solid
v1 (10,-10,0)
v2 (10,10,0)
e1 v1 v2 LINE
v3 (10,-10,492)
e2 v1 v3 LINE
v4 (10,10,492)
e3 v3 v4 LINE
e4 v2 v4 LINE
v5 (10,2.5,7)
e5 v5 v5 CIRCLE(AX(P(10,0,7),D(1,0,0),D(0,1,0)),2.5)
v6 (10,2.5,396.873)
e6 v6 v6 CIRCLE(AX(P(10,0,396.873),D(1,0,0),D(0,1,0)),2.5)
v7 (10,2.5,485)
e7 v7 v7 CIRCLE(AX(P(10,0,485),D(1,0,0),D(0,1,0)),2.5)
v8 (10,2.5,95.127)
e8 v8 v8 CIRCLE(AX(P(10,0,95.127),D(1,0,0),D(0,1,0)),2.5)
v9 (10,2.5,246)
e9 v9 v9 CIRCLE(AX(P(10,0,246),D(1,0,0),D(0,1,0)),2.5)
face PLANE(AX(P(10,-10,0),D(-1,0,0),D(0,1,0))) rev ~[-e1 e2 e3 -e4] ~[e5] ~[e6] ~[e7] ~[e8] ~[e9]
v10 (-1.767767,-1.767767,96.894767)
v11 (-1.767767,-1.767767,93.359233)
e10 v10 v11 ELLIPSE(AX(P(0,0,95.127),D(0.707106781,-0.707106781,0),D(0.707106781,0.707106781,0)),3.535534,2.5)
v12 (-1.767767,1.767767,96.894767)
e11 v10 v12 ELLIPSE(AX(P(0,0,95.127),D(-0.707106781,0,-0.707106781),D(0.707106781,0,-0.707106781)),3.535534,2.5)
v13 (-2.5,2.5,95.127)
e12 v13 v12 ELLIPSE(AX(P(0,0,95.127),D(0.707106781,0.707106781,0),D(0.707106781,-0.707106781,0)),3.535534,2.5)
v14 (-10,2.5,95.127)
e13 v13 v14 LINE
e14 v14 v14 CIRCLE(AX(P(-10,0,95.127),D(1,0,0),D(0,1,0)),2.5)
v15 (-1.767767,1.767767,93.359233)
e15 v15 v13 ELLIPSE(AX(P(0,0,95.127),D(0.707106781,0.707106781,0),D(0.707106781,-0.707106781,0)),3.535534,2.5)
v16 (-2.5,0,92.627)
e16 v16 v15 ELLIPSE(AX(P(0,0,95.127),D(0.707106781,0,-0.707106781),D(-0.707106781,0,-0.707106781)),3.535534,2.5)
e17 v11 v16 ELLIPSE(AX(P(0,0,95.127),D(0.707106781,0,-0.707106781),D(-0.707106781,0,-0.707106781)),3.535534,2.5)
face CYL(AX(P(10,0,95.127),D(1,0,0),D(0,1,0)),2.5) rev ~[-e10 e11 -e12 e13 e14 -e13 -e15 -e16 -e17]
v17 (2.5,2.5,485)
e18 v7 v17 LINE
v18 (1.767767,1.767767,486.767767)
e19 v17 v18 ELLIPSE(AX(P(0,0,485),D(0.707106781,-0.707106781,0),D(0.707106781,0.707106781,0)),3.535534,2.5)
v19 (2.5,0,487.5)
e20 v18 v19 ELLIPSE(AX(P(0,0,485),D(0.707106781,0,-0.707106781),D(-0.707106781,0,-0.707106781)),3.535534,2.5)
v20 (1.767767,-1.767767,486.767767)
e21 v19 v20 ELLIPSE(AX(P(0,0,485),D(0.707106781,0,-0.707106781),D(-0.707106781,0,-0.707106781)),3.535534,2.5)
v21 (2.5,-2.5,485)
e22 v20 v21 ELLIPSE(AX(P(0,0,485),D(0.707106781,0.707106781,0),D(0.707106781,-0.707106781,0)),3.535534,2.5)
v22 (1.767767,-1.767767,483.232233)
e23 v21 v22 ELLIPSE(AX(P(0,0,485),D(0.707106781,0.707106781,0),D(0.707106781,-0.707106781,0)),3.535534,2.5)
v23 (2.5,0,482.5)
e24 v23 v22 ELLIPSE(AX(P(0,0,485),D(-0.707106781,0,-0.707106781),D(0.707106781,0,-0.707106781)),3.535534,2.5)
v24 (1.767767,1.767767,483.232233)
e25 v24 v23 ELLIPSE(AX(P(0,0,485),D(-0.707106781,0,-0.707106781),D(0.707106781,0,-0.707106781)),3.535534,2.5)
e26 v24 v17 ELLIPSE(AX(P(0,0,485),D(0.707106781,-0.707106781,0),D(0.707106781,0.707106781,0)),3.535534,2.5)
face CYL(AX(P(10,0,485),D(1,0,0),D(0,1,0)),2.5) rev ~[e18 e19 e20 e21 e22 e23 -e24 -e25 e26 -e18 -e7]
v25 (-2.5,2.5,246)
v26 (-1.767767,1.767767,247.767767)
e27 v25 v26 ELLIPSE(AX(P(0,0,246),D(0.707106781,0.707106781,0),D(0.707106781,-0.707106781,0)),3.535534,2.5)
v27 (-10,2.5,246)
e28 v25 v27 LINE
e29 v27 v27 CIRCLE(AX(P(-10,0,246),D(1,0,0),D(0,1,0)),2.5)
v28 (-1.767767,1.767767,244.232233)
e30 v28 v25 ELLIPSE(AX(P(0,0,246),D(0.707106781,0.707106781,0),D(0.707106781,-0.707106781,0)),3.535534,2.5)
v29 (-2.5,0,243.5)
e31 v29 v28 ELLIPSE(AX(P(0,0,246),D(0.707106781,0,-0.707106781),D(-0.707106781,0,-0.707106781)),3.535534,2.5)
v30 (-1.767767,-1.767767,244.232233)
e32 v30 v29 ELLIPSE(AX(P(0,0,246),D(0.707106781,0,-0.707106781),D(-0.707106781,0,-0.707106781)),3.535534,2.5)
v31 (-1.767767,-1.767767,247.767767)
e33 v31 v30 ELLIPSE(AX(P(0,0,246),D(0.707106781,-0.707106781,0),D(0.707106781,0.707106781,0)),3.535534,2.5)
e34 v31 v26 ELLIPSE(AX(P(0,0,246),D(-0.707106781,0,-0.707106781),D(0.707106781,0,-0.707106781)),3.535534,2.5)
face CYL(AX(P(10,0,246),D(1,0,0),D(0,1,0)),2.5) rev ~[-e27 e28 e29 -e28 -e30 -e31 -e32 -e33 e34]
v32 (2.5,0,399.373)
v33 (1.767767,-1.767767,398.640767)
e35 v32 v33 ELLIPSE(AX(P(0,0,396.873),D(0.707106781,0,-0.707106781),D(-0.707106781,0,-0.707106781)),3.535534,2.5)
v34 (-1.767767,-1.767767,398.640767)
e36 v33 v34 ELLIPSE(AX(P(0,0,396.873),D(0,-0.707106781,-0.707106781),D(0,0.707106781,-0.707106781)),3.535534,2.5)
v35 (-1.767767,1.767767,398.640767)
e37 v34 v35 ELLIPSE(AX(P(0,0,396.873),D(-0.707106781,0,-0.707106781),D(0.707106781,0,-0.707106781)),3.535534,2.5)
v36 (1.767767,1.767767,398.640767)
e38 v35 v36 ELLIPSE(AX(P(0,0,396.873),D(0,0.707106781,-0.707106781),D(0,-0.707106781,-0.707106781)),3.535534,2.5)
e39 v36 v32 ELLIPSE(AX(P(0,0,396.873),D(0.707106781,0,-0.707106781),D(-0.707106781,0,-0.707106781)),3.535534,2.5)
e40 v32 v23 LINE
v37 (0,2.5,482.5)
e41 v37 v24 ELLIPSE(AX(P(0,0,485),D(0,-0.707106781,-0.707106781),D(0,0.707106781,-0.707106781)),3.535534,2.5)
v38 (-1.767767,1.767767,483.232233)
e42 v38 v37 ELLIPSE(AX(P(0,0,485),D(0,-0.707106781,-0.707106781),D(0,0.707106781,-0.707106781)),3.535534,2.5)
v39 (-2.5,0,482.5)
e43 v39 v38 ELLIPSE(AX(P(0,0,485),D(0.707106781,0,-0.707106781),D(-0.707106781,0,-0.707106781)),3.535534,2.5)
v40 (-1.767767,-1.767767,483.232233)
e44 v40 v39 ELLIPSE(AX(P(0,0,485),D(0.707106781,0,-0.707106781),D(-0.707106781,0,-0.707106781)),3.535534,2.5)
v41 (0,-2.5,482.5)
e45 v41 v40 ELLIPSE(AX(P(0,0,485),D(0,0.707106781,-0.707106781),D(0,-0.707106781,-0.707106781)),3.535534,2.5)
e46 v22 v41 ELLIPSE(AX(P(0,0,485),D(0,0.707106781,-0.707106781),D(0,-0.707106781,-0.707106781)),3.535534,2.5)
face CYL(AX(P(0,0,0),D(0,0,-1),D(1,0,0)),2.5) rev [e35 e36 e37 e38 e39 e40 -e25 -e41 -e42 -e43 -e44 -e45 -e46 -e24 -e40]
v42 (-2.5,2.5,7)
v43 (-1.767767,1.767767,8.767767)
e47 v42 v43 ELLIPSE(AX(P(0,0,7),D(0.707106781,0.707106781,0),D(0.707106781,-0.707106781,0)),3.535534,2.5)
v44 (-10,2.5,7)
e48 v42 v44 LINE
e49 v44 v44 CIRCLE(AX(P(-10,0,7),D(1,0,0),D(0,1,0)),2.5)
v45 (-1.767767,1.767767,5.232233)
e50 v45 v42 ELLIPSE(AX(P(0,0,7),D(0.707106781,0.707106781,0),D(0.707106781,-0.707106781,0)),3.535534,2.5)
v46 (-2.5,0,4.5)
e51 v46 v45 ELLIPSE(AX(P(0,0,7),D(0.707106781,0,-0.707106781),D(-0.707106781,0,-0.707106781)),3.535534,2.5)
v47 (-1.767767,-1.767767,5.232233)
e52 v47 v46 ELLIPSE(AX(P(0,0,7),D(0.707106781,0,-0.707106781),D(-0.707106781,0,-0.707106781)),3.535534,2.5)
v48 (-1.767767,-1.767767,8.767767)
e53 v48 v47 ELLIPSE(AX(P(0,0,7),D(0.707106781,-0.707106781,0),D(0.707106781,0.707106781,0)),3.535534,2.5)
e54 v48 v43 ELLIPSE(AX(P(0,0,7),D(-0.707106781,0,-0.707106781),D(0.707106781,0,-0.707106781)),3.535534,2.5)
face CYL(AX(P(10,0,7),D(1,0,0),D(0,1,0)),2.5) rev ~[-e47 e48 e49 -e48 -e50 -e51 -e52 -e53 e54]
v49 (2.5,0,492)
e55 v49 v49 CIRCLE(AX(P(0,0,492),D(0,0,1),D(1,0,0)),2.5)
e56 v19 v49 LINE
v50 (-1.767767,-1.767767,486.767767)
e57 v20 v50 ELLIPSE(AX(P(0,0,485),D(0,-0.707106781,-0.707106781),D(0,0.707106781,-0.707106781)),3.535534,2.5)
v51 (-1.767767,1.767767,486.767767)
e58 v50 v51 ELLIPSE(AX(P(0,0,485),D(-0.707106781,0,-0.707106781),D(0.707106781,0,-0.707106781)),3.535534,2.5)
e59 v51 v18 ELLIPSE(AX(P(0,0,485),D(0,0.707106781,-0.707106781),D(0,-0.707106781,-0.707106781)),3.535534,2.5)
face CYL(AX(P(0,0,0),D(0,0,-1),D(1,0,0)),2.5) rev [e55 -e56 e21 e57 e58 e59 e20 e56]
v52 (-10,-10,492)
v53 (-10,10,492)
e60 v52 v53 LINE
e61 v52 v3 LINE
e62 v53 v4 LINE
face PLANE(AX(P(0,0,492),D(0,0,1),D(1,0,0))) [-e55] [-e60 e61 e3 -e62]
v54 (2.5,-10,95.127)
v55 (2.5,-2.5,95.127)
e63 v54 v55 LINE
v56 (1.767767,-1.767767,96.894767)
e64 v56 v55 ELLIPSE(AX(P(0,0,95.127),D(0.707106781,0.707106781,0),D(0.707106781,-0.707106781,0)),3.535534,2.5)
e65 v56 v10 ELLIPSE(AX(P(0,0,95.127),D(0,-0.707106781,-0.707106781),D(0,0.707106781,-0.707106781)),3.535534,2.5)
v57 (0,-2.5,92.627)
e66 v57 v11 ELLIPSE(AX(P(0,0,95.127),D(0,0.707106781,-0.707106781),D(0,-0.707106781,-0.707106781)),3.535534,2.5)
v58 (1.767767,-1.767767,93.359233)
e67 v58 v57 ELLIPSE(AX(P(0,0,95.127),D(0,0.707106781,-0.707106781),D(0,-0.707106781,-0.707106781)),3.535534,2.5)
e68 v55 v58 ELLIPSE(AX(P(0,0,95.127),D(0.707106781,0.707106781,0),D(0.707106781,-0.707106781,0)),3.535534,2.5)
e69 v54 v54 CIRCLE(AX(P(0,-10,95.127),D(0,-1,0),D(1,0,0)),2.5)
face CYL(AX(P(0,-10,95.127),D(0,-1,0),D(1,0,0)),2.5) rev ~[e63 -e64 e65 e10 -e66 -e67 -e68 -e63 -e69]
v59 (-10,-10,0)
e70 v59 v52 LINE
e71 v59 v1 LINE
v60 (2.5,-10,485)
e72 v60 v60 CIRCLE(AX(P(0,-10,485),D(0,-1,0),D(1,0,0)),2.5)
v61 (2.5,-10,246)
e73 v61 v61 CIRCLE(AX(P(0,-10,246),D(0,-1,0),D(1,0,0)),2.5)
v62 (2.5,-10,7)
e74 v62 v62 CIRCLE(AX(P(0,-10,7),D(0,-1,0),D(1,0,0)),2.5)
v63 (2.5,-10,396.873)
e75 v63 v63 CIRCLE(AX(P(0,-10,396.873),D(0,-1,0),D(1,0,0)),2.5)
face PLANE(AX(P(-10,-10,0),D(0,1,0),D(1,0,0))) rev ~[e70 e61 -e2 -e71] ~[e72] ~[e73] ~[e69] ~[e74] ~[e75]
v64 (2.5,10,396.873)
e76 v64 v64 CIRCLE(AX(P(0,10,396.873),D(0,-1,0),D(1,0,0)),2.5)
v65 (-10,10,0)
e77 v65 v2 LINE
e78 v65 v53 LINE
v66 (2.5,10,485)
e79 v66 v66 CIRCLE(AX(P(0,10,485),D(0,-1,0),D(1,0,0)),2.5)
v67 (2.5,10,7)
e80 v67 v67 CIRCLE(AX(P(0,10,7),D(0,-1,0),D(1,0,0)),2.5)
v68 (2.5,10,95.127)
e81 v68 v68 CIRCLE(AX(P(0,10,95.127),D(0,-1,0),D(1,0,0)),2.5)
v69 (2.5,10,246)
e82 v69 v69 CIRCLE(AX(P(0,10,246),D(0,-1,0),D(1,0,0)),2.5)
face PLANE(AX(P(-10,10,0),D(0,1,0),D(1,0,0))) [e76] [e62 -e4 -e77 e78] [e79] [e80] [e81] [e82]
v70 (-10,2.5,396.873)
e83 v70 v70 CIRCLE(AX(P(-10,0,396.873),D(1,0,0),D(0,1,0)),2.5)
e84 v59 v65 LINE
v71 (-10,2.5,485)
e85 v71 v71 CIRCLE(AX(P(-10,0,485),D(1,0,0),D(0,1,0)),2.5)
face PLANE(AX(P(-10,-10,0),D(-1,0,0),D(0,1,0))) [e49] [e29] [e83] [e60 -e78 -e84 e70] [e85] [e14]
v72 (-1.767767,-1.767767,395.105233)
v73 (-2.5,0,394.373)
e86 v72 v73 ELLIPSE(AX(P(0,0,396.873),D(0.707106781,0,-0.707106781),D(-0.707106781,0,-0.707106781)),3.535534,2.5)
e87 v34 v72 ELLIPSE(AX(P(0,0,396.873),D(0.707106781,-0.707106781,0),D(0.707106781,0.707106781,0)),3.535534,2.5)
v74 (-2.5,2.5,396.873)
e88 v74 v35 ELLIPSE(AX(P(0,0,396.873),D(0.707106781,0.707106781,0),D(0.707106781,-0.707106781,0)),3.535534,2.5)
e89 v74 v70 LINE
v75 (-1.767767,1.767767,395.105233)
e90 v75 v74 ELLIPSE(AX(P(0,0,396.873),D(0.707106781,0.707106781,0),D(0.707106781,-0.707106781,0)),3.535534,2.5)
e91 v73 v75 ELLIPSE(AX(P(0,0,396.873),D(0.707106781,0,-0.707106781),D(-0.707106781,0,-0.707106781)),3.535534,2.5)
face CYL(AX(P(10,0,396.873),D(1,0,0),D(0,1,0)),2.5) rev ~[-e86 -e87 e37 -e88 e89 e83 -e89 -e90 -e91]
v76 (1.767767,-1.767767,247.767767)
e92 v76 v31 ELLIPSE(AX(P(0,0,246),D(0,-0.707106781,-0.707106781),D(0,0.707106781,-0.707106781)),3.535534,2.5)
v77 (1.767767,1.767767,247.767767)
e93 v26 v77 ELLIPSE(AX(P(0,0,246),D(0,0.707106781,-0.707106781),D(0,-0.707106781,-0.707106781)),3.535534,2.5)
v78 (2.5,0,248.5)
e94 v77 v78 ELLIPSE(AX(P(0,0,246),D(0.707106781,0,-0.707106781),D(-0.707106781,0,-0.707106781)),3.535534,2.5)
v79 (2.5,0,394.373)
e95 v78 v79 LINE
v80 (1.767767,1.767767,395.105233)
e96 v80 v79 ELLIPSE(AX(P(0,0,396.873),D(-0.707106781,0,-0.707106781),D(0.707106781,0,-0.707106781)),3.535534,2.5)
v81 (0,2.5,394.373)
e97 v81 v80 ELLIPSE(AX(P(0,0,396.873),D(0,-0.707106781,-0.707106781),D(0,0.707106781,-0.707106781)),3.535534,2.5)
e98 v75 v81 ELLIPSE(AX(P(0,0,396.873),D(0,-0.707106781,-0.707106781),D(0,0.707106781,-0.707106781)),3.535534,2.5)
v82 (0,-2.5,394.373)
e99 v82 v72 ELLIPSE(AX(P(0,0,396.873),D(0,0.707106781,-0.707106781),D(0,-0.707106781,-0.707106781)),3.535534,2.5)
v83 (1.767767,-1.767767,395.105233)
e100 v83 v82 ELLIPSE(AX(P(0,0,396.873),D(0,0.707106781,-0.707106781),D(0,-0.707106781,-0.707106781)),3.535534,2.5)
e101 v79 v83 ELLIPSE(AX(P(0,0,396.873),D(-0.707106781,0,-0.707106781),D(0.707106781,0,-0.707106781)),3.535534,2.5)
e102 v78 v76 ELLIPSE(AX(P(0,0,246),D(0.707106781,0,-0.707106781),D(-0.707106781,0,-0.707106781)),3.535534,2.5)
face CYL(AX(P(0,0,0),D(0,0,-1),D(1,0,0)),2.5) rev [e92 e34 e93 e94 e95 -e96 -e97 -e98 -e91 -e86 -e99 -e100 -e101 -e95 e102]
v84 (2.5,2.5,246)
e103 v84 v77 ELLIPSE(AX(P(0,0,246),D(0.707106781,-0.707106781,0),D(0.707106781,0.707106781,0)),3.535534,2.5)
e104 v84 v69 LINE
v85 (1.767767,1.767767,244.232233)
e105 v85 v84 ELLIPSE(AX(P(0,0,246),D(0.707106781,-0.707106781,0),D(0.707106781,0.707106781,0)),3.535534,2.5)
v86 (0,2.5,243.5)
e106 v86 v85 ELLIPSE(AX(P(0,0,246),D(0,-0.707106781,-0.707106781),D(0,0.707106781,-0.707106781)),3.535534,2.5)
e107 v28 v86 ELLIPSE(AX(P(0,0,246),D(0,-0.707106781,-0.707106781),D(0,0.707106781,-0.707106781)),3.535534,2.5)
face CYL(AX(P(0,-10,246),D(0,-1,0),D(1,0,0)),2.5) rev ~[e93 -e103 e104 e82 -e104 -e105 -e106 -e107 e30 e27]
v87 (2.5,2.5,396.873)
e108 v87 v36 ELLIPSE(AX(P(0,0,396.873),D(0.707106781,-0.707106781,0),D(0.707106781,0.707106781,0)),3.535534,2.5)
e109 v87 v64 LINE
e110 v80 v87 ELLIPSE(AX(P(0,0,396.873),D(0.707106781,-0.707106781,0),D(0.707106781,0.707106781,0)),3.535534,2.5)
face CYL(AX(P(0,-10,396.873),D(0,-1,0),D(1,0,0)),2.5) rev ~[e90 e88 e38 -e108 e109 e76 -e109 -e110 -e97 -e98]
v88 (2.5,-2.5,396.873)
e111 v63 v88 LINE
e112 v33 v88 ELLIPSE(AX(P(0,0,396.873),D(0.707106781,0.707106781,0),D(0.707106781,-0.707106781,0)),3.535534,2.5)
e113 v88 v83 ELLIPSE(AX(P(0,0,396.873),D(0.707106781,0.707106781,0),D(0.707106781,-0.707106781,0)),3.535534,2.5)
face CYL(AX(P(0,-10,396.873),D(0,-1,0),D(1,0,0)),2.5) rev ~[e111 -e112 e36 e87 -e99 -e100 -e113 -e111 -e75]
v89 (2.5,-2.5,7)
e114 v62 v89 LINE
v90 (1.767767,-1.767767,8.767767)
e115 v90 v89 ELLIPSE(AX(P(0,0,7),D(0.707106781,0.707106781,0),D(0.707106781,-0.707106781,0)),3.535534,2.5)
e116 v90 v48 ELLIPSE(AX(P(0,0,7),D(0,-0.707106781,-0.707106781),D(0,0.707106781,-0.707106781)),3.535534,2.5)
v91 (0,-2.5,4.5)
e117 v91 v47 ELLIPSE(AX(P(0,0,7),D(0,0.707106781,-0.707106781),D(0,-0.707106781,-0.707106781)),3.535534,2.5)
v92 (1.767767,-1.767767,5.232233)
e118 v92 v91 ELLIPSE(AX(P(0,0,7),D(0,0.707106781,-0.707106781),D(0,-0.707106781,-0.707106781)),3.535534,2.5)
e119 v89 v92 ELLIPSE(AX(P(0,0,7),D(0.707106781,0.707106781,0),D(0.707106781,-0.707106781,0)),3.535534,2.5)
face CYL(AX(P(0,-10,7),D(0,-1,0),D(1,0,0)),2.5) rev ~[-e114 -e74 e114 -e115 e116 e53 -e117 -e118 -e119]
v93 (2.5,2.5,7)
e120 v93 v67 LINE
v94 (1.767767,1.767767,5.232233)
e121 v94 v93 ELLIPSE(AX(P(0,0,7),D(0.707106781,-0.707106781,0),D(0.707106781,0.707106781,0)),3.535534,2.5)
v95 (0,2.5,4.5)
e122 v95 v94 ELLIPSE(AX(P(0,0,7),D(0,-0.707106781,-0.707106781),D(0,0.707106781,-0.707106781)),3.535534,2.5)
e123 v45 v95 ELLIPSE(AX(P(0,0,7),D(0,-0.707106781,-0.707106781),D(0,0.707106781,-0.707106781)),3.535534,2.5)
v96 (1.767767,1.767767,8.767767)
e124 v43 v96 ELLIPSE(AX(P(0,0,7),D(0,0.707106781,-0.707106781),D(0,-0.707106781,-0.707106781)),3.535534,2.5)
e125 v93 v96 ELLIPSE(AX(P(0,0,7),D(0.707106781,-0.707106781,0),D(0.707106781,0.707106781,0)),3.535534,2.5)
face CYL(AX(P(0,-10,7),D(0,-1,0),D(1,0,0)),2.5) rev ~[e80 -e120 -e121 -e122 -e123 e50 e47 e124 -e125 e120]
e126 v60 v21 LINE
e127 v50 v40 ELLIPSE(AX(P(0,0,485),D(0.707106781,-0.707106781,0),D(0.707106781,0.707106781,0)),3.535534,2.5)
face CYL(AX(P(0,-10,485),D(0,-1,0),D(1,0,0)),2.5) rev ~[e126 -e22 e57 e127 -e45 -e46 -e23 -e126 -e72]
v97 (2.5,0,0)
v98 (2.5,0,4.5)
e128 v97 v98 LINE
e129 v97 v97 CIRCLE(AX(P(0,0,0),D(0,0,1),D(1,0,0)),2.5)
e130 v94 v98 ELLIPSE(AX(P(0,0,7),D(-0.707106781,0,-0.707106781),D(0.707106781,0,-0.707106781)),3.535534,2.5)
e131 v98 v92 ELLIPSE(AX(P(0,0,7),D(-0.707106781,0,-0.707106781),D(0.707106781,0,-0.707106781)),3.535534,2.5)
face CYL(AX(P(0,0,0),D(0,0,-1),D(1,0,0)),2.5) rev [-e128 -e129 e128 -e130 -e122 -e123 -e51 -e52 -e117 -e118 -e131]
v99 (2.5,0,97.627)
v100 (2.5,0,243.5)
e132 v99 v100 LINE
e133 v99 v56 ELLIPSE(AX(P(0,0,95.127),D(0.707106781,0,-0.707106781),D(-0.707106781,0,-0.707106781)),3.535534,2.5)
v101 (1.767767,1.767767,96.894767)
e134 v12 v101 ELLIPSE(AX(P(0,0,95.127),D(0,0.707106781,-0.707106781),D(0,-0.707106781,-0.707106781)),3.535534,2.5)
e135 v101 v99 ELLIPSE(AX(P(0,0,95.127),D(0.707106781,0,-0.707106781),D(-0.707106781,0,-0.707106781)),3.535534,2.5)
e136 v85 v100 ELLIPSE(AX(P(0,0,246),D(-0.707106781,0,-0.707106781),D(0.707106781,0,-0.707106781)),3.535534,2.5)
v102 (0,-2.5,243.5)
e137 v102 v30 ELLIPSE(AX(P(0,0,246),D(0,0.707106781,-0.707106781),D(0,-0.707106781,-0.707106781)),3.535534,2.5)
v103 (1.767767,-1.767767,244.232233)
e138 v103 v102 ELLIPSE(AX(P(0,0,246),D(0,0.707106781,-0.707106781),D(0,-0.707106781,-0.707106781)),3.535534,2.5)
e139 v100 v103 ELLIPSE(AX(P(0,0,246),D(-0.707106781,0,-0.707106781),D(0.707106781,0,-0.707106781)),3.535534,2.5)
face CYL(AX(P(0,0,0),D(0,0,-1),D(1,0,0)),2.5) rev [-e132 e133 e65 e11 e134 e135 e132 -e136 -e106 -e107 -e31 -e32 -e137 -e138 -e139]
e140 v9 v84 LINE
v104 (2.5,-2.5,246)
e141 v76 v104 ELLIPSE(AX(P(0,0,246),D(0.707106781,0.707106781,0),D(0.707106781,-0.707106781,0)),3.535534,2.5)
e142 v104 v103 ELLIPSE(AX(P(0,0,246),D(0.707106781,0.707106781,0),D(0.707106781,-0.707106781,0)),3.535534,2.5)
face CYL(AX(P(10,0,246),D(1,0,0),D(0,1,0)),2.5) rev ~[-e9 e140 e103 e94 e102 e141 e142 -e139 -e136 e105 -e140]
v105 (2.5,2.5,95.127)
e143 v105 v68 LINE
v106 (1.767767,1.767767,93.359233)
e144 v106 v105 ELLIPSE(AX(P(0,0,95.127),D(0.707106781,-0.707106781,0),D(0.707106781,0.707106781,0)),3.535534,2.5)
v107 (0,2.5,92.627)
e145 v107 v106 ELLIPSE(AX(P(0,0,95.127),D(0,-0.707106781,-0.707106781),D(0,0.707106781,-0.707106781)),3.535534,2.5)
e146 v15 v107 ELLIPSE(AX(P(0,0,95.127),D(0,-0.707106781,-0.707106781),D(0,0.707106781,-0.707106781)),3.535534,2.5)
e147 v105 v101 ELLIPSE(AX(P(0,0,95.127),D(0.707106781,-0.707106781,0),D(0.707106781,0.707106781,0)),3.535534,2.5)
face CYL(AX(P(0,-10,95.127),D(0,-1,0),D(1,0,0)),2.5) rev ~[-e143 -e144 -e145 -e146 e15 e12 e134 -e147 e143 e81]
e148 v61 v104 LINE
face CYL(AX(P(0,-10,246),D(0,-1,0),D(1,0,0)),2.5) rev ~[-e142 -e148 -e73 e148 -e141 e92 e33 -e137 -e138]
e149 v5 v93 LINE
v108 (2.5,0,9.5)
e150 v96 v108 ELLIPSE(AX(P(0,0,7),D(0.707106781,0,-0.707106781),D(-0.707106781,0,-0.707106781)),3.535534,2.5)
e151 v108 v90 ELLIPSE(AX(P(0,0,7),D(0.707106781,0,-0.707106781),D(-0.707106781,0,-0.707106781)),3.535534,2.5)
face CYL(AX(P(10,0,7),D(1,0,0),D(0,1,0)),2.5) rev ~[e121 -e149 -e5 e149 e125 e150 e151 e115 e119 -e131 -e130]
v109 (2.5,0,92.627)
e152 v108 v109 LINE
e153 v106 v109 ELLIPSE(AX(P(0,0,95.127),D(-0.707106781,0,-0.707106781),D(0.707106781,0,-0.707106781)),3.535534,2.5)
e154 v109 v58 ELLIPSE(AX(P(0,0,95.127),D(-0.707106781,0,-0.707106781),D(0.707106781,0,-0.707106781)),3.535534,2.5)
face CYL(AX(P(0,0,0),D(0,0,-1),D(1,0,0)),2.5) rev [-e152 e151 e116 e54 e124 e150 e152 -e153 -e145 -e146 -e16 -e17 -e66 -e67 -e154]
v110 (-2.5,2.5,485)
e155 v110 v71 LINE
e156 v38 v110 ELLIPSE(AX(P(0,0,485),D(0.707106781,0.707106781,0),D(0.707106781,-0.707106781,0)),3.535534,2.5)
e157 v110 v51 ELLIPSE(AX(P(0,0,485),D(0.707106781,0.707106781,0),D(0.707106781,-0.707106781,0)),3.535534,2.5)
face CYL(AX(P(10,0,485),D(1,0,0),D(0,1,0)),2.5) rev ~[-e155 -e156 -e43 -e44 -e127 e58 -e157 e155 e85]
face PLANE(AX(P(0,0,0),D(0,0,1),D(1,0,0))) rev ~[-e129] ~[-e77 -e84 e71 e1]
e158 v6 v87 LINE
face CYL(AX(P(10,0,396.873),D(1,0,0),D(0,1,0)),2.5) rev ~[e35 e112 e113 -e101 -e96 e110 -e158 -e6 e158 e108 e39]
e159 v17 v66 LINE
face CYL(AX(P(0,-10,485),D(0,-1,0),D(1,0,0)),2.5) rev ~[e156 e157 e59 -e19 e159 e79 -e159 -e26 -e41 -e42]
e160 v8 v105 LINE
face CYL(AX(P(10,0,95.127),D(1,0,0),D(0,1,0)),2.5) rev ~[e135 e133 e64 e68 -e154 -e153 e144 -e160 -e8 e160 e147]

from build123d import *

# Parameters (mm, degrees)
F0_W     = 20
F0_H     = 20
F0_R     = 2.5
F1_DEPTH = 492
F2_R     = 2.5
F3_DEPTH = 20.001
F4_R     = 2.5
F5_DEPTH = 20.001


with BuildPart() as f1:
    # F0 (on Top) → F1 (new body)
    with BuildSketch(Plane.XY):
        Rectangle(F0_W, F0_H)
        Circle(F0_R, mode=Mode.SUBTRACT)
    extrude(amount=F1_DEPTH)

    # F2 (on face) → F3 (cut, through all)
    with BuildSketch(Plane.YZ.offset(10)):
        with Locations((0, 7)):
            Circle(F2_R)
        with Locations((0, 485)):
            Circle(F2_R)
        with Locations((0, 246)):
            Circle(F2_R)
        with Locations((0, 95.127)):
            Circle(F2_R)
        with Locations((0, 396.873)):
            Circle(F2_R)
    extrude(amount=-F3_DEPTH, mode=Mode.SUBTRACT)

    # F4 (on face) → F5 (cut, through all)
    with BuildSketch(Plane.XZ.offset(10)):
        with Locations((0, 246)):
            Circle(F4_R)
        with Locations((0, 485)):
            Circle(F4_R)
        with Locations((0, 7)):
            Circle(F4_R)
        with Locations((0, 95.127)):
            Circle(F4_R)
        with Locations((0, 396.873)):
            Circle(F4_R)
    extrude(amount=-F5_DEPTH, mode=Mode.SUBTRACT)


solid = f1.part
